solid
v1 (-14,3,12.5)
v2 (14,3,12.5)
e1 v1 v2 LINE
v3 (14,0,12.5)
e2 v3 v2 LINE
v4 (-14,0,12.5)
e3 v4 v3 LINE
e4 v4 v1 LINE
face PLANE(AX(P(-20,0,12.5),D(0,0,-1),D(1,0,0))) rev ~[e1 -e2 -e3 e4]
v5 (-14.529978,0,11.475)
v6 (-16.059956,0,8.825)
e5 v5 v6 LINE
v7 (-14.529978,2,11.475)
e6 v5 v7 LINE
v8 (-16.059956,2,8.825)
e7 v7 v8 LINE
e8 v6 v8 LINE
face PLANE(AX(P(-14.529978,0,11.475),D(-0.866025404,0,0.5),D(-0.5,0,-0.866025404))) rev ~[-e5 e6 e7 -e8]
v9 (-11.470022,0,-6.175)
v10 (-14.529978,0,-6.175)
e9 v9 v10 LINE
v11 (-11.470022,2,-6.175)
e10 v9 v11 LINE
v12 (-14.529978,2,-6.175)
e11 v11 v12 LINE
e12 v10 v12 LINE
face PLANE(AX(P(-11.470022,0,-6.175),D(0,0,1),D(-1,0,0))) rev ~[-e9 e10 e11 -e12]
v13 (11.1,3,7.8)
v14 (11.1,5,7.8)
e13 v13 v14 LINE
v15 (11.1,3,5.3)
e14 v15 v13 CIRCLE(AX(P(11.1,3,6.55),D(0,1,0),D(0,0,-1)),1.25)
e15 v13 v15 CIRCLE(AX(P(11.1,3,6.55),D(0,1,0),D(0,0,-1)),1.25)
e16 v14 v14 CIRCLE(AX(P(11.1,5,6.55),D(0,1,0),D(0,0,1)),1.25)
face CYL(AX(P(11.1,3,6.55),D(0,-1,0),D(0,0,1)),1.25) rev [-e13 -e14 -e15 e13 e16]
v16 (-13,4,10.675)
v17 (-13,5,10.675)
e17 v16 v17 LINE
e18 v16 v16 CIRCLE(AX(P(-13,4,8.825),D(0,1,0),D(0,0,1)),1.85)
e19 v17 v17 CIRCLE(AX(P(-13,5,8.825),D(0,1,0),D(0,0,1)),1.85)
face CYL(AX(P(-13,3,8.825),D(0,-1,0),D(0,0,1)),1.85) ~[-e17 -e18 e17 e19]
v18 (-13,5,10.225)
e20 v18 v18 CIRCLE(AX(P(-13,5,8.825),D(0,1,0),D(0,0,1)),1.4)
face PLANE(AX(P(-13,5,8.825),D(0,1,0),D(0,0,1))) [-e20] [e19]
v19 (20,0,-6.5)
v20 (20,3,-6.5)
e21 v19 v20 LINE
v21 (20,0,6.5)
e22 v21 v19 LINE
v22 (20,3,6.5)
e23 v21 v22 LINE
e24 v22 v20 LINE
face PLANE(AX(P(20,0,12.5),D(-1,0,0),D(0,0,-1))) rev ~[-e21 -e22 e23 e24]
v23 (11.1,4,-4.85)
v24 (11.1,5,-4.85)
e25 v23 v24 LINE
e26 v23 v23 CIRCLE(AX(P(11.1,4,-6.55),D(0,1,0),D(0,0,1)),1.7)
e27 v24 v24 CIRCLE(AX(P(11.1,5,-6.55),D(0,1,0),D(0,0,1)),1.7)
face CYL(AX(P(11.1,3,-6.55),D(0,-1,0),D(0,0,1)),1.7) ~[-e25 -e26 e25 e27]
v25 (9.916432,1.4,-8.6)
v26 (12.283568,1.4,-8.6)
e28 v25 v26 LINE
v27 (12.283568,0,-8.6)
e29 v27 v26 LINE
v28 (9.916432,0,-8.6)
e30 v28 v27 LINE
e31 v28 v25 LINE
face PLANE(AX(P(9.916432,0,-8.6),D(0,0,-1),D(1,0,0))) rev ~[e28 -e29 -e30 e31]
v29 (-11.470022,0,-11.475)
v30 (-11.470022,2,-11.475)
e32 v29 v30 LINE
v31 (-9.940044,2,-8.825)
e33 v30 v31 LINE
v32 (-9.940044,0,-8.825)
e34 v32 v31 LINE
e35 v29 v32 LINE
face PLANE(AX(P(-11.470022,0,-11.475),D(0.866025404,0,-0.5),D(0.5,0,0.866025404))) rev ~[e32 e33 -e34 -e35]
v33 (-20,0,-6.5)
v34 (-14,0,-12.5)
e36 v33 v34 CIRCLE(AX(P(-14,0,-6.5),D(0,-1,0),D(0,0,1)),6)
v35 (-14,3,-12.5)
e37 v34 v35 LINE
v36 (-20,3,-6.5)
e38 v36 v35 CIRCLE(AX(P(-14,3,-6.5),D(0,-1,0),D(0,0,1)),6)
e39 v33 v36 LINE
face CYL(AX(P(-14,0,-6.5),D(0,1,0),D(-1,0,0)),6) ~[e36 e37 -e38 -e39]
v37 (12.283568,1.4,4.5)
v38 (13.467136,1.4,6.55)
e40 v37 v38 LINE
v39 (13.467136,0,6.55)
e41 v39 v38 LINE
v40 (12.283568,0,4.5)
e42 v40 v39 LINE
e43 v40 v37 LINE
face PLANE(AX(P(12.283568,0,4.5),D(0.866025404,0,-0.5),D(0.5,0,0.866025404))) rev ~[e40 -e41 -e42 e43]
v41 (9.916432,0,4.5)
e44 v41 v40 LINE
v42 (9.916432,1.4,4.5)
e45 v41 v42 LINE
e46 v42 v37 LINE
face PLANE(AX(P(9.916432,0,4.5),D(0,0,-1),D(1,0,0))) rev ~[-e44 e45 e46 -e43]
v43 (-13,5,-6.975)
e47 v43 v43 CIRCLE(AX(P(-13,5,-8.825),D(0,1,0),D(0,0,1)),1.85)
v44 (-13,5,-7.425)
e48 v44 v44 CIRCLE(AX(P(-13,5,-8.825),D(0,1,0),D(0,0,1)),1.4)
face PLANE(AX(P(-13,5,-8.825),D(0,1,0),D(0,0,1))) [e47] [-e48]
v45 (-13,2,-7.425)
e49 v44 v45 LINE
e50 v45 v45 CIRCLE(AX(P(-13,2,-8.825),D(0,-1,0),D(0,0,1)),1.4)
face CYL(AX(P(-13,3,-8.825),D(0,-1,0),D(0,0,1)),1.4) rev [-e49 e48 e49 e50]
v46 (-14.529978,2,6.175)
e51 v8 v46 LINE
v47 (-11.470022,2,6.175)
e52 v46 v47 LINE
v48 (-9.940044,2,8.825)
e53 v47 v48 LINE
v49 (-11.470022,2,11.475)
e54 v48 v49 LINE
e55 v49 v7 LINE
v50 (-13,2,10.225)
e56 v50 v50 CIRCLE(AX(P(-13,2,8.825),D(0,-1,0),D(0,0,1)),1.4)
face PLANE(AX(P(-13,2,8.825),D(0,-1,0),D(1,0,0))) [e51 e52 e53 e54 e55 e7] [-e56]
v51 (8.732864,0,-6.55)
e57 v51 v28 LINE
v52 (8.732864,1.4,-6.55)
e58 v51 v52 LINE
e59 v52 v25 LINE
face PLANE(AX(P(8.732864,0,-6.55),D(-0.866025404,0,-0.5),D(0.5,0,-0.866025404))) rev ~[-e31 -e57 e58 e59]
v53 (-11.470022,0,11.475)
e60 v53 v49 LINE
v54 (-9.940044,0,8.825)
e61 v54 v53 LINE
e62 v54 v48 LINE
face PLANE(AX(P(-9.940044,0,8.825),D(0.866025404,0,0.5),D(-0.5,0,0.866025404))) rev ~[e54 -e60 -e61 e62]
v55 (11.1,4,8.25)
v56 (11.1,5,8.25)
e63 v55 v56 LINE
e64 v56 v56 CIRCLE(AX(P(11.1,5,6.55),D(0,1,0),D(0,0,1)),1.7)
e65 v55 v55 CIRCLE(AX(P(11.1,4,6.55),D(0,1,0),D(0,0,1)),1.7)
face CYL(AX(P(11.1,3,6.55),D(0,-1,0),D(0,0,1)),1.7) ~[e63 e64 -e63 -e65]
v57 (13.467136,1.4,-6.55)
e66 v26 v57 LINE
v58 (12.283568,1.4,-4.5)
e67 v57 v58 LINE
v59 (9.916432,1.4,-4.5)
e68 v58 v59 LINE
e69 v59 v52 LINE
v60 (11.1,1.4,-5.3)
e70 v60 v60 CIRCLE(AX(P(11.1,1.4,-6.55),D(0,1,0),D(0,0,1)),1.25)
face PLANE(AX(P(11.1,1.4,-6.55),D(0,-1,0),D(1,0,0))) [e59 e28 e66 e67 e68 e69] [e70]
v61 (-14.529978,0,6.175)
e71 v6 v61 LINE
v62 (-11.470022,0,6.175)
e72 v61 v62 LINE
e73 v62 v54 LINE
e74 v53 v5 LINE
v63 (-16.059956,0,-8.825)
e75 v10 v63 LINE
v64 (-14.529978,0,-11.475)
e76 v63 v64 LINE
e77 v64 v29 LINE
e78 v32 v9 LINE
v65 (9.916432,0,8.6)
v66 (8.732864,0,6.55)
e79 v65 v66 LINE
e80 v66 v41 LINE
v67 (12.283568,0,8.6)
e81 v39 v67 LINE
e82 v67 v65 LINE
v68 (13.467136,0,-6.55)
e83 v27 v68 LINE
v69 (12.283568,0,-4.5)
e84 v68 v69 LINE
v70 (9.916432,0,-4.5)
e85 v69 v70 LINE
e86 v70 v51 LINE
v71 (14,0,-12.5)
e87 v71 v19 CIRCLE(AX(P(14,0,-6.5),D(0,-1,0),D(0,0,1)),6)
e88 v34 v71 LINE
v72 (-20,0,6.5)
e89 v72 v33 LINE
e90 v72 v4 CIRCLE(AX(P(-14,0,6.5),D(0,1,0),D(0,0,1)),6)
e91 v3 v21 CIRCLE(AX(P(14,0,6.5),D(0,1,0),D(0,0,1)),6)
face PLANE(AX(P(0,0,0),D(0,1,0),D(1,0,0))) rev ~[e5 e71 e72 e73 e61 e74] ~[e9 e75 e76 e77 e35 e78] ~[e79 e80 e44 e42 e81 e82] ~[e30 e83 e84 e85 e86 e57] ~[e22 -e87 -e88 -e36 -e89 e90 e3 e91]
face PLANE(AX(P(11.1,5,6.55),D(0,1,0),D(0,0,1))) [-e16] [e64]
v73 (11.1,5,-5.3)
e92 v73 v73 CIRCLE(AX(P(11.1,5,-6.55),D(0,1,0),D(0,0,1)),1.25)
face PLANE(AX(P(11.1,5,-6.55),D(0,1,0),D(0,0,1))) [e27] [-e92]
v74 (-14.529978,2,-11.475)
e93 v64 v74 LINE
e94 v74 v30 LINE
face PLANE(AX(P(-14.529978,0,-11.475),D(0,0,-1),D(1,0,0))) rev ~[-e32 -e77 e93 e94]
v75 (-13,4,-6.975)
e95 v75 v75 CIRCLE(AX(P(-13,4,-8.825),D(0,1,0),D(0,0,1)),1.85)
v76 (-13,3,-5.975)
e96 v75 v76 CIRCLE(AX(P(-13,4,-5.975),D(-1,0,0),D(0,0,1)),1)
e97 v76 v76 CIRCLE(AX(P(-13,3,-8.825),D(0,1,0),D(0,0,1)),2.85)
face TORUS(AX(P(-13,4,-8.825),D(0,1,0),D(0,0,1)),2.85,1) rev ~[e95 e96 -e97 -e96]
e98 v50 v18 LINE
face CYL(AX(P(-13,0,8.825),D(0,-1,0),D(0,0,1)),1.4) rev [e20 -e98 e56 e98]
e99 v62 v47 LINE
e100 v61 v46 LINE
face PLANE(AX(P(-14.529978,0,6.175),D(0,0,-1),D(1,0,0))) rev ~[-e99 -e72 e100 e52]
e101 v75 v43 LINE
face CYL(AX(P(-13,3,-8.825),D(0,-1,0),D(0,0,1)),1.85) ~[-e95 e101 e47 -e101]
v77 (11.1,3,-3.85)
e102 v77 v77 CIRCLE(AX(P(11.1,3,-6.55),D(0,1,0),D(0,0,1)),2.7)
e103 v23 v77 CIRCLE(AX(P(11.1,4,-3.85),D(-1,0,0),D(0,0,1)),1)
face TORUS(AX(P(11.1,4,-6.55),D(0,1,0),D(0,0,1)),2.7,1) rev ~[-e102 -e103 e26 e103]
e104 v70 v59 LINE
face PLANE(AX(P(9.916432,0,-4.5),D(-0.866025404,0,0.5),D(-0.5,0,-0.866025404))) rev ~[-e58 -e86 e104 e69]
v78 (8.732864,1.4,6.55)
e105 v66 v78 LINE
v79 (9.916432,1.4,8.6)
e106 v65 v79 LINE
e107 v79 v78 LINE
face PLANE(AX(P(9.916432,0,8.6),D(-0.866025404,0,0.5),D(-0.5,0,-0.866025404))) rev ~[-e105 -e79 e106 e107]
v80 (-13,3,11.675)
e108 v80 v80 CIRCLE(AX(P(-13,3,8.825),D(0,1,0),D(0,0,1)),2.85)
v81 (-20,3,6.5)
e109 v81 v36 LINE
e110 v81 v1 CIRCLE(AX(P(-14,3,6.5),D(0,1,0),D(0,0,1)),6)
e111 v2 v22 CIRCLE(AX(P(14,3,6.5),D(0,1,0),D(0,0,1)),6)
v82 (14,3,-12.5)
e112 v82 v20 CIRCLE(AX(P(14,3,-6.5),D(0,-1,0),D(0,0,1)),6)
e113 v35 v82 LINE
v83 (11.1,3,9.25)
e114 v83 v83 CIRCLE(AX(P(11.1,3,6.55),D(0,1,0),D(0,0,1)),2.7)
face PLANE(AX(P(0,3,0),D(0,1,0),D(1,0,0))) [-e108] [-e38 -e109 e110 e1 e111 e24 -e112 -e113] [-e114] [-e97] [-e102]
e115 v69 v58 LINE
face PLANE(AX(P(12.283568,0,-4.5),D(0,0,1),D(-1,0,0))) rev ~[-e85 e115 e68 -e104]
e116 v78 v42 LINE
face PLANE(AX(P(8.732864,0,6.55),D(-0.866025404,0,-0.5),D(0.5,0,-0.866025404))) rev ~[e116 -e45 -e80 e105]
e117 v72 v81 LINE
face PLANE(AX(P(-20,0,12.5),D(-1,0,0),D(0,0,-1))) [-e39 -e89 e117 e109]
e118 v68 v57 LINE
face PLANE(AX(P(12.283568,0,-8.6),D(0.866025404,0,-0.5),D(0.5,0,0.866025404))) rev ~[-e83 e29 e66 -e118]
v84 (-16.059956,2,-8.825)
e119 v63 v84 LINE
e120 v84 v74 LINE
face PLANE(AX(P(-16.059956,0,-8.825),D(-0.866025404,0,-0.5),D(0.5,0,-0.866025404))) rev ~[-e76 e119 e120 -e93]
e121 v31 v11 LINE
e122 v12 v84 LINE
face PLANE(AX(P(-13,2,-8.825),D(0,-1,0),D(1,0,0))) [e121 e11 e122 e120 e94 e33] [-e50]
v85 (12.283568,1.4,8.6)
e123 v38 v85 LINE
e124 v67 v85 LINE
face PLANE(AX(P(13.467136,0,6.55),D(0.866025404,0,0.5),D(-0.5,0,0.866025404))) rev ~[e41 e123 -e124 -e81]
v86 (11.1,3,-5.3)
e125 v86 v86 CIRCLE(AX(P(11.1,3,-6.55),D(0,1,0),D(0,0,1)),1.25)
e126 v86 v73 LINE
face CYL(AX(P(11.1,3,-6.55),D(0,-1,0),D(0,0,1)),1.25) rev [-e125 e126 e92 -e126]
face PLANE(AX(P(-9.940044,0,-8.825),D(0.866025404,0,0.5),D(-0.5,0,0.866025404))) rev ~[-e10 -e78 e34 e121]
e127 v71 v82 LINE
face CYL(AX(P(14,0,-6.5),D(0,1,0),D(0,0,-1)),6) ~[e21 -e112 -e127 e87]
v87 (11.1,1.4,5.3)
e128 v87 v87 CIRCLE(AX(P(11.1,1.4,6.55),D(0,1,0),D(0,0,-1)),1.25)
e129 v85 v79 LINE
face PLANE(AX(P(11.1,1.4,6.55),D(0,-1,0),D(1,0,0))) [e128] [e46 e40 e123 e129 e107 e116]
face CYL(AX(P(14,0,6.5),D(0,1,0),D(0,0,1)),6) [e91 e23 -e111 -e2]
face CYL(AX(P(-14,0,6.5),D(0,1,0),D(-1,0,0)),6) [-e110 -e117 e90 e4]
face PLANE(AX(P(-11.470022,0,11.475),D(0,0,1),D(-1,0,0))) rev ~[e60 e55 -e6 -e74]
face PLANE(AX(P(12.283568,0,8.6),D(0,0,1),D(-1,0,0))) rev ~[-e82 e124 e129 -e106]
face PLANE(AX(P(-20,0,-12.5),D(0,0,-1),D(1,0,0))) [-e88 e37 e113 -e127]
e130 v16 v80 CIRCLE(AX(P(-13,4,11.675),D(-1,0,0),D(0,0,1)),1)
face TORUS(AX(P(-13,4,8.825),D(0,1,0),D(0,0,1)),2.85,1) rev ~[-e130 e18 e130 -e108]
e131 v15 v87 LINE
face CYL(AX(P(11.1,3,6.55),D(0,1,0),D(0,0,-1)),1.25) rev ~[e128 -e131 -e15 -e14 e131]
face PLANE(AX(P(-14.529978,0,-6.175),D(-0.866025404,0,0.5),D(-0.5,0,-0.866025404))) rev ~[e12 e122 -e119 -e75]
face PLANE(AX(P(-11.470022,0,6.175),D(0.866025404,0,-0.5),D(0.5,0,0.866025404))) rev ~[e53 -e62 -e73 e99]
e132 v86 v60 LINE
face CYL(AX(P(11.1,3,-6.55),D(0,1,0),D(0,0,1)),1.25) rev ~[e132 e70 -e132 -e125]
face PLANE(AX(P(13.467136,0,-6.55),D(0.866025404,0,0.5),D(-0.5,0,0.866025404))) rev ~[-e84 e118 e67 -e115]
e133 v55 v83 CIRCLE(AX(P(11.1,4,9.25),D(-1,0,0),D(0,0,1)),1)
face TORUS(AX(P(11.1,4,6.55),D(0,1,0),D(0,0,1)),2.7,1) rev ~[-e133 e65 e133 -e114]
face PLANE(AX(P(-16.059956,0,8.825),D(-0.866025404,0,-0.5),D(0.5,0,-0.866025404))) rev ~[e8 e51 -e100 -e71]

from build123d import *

# Parameters (mm, degrees)
SKETCH1_W           = 40
SKETCH1_H           = 25
SKETCH1_R           = 1.4
BOSS_EXTRUDE1_DEPTH = 3
SKETCH2_R           = 1.25
CUT_EXTRUDE1_DEPTH  = 24.774986856
SKETCH4_R           = 1.85
SKETCH4_R_2         = 1.4
SKETCH4_R_3         = 1.7
SKETCH4_R_4         = 1.25
BOSS_EXTRUDE2_DEPTH = 2
FILLET1_R           = 1
CUT_EXTRUDE2_DEPTH  = 2
CUT_EXTRUDE3_DEPTH  = 1.4
FILLET2_R           = 6


with BuildPart() as part:
    # Sketch1 → Boss-Extrude1 (new body)
    with BuildSketch(Plane(origin=(0, 0, 0), x_dir=(1, 0, 0), z_dir=(0, 1, 0))):
        Rectangle(SKETCH1_W, SKETCH1_H)
        with Locations(Location((-13, 8.825, 0), (0, 0, 270))):
            Circle(SKETCH1_R, mode=Mode.SUBTRACT)
        with Locations(Location((-13, -8.825, 0), (0, 0, 270))):
            Circle(SKETCH1_R, mode=Mode.SUBTRACT)
    extrude(amount=BOSS_EXTRUDE1_DEPTH)

    # Sketch2 → Cut-Extrude1 (cut, through all)
    with BuildSketch(Plane(origin=(0, 3, 0), x_dir=(1, 0, 0), z_dir=(0, 1, 0))):
        with Locations(Location((11.1, 6.55, 0), (0, 0, 270))):
            Circle(SKETCH2_R)
        with Locations(Location((11.1, -6.55, 0), (0, 0, 90))):
            Circle(SKETCH2_R)
    extrude(amount=-CUT_EXTRUDE1_DEPTH, mode=Mode.SUBTRACT)

    # Sketch4 → Boss-Extrude2 (add)
    # profile 1 of 4: a face of its own
    with BuildSketch(Plane(origin=(0, 3, 0), x_dir=(1, 0, 0), z_dir=(0, 1, 0))):
        with Locations(Location((-13, 8.825, 0), (0, 0, 270))):
            Circle(SKETCH4_R)
        with Locations(Location((-13, 8.825, 0), (0, 0, 270))):
            Circle(SKETCH4_R_2, mode=Mode.SUBTRACT)
    # profile 2 of 4: a face of its own
    with BuildSketch(Plane(origin=(0, 3, 0), x_dir=(1, 0, 0), z_dir=(0, 1, 0))):
        with Locations(Location((11.1, 6.55, 0), (0, 0, 270))):
            Circle(SKETCH4_R_3)
        with Locations(Location((11.1, 6.55, 0), (0, 0, 270))):
            Circle(SKETCH4_R_4, mode=Mode.SUBTRACT)
    # profile 3 of 4: a face of its own
    with BuildSketch(Plane(origin=(0, 3, 0), x_dir=(1, 0, 0), z_dir=(0, 1, 0))):
        with Locations(Location((11.1, -6.55, 0), (0, 0, 270))):
            Circle(SKETCH4_R_3)
        with Locations(Location((11.1, -6.55, 0), (0, 0, 270))):
            Circle(SKETCH4_R_4, mode=Mode.SUBTRACT)
    # profile 4 of 4: a face of its own
    with BuildSketch(Plane(origin=(0, 3, 0), x_dir=(1, 0, 0), z_dir=(0, 1, 0))):
        with Locations(Location((-13, -8.825, 0), (0, 0, 270))):
            Circle(SKETCH4_R)
        with Locations(Location((-13, -8.825, 0), (0, 0, 270))):
            Circle(SKETCH4_R_2, mode=Mode.SUBTRACT)
    extrude(amount=BOSS_EXTRUDE2_DEPTH)

    # Fillet1
    fillet1_edges = [part.edges().sort_by_distance(p)[0] for p in [
        (-13, 3, -10.675),
        (11.1, 3, -8.25),
        (11.1, 3, 4.85),
        (-13, 3, 6.975),
    ]]
    fillet(fillet1_edges, radius=FILLET1_R)

    # Sketch5 → Cut-Extrude2 (cut)
    with BuildSketch(Plane.XZ):
        Polygon((-11.470021787, 6.175), (-9.940043573, 8.825), (-11.470021787, 11.475), (-14.529978213, 11.475), (-16.059956427, 8.825), (-14.529978213, 6.175), align=None)
        Polygon((-11.470021787, -11.475), (-9.940043573, -8.825), (-11.470021787, -6.175), (-14.529978213, -6.175), (-16.059956427, -8.825), (-14.529978213, -11.475), align=None)
    extrude(amount=-CUT_EXTRUDE2_DEPTH, mode=Mode.SUBTRACT)

    # Sketch6 → Cut-Extrude3 (cut)
    with BuildSketch(Plane.XZ):
        Polygon((12.283568052, 4.5), (13.467136104, 6.55), (12.283568052, 8.6), (9.916431948, 8.6), (8.732863896, 6.55), (9.916431948, 4.5), align=None)
        Polygon((12.283568052, -8.6), (13.467136104, -6.55), (12.283568052, -4.5), (9.916431948, -4.5), (8.732863896, -6.55), (9.916431948, -8.6), align=None)
    extrude(amount=-CUT_EXTRUDE3_DEPTH, mode=Mode.SUBTRACT)

    # Fillet2
    fillet2_edges = [part.edges().sort_by_distance(p)[0] for p in [
        (-20, 1.5, -12.5),
        (20, 1.5, -12.5),
        (20, 1.5, 12.5),
        (-20, 1.5, 12.5),
    ]]
    fillet(fillet2_edges, radius=FILLET2_R)


solid = part.part
